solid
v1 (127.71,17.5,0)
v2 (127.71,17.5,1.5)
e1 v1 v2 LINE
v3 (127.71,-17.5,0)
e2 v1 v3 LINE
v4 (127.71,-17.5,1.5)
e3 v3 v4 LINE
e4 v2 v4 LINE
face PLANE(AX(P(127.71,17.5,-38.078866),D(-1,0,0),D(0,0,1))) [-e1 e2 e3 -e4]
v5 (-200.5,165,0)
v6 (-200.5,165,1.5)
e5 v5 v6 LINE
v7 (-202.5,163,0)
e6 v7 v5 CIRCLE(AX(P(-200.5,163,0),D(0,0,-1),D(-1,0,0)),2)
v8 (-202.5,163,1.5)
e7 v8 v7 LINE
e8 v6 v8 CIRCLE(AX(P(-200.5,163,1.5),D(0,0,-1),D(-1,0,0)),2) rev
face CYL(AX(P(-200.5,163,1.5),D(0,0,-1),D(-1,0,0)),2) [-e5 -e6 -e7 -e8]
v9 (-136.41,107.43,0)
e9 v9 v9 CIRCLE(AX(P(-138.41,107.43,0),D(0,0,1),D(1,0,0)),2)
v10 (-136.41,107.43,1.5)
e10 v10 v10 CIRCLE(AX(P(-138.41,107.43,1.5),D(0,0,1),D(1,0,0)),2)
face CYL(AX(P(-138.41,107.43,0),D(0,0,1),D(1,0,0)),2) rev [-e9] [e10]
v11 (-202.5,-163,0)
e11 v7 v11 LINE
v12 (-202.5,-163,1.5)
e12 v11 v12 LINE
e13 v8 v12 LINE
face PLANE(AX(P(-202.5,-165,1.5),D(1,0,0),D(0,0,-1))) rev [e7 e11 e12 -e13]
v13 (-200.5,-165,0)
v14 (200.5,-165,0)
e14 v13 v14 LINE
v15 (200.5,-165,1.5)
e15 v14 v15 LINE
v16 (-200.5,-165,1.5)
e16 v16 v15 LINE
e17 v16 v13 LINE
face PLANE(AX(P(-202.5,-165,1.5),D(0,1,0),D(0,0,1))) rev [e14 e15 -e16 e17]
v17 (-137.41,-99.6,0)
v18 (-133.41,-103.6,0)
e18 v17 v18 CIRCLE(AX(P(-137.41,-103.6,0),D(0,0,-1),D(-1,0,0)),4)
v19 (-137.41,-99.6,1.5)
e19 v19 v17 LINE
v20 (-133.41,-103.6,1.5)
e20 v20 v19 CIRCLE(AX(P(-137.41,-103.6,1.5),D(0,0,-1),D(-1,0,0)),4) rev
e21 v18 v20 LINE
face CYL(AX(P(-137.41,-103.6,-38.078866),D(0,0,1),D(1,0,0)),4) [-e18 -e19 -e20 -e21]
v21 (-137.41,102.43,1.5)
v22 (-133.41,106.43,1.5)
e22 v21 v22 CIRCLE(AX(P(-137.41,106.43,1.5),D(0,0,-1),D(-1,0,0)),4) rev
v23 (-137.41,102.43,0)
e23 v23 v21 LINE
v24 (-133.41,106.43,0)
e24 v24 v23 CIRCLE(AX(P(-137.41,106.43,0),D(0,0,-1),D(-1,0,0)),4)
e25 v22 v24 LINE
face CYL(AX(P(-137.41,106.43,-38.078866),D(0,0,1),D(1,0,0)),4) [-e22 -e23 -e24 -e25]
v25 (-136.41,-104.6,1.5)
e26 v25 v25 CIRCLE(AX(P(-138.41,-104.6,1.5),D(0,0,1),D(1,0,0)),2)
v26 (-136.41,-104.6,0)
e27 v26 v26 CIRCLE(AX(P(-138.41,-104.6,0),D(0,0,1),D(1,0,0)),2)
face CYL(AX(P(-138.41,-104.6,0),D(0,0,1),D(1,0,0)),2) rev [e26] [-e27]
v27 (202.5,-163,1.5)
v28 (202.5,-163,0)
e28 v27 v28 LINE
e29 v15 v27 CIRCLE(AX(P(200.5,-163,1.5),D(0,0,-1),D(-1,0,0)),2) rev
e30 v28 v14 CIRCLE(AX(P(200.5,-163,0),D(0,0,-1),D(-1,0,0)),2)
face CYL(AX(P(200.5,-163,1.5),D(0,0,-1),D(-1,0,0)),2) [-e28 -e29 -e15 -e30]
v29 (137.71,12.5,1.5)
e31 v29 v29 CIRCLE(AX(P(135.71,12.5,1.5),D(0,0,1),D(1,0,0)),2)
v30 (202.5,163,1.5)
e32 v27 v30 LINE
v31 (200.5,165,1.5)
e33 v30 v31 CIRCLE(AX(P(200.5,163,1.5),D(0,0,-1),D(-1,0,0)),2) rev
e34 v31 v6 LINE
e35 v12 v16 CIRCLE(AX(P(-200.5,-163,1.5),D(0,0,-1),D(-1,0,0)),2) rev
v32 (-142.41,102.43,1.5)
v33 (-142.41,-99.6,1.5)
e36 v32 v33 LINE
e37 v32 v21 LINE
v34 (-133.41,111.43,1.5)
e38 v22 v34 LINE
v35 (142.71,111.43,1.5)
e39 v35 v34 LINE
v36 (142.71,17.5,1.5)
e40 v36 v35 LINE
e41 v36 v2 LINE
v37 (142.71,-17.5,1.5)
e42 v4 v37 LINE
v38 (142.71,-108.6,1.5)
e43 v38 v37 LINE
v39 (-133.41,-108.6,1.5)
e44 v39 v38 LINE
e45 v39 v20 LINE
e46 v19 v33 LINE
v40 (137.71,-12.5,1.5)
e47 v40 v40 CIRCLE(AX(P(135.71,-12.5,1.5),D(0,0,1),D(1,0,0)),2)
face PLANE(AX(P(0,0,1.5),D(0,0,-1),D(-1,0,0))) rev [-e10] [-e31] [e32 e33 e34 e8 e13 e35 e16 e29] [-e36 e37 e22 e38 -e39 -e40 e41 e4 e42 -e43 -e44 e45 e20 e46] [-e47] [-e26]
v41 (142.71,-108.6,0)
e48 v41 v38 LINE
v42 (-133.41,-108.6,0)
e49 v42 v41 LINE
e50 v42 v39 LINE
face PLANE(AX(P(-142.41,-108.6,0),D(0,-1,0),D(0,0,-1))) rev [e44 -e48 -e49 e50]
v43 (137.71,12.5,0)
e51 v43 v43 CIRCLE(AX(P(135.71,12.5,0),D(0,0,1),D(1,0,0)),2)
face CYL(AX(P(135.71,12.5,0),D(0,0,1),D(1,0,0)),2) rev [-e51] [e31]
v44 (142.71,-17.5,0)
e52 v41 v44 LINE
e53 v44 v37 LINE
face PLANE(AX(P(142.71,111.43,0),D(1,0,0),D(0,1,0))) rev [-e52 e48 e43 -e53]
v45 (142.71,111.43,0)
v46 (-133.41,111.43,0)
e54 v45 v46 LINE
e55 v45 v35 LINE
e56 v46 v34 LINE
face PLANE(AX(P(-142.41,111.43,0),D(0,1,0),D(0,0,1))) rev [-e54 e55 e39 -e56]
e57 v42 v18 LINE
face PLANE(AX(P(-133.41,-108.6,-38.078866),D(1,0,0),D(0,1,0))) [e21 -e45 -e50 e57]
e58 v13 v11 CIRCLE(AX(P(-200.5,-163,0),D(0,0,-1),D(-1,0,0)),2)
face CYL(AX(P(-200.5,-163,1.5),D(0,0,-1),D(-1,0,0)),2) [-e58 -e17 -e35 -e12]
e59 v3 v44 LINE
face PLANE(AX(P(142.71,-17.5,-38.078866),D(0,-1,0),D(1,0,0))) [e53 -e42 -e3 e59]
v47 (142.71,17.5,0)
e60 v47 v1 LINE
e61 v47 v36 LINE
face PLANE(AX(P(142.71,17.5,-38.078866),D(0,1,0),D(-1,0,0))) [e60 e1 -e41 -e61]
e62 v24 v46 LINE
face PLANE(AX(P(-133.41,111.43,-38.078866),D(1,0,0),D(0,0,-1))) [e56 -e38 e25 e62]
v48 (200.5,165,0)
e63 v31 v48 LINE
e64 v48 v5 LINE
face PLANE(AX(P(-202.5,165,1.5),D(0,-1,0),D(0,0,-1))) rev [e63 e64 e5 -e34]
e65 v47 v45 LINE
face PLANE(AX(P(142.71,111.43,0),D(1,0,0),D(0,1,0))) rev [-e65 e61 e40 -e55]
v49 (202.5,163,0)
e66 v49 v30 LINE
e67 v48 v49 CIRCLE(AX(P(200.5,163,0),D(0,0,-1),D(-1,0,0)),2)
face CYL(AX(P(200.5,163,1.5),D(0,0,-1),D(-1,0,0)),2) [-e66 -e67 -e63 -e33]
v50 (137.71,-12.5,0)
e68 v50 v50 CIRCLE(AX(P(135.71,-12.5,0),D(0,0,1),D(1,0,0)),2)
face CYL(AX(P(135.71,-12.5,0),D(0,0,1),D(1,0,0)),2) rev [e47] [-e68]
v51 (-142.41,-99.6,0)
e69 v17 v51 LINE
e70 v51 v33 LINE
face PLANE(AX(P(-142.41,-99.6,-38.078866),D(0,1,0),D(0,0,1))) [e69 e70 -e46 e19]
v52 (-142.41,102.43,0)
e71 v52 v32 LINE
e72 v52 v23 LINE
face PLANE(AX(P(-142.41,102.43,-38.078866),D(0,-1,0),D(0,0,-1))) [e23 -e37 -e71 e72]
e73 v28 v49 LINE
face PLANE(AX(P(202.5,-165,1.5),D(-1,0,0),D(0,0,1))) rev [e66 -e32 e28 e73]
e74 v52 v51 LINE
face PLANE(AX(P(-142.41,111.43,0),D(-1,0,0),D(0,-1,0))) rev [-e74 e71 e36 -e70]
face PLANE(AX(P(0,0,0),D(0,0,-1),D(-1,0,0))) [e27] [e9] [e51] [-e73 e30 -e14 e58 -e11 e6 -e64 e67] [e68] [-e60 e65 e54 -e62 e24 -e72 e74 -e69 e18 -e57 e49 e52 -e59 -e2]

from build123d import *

# Parameters (mm, degrees)
SKETCH1_W           = 405
SKETCH1_H           = 330
BOSS_EXTRUDE1_DEPTH = 1.5
SKETCH2_W           = 285.12
SKETCH2_H           = 220.03
CUT_EXTRUDE1_DEPTH  = 2.5
SKETCH3_W           = 9
SKETCH3_H           = 9
SKETCH3_W_2         = 15
SKETCH3_H_2         = 35
BOSS_EXTRUDE2_DEPTH = 1.5
SKETCH4_R           = 2
CUT_EXTRUDE2_DEPTH  = 2.5
FILLET1_R           = 4
FILLET2_R           = 2


with BuildPart() as part:
    # Sketch1 → Boss-Extrude1 (new body)
    with BuildSketch(Plane.XY):
        Rectangle(SKETCH1_W, SKETCH1_H)
    extrude(amount=BOSS_EXTRUDE1_DEPTH)

    # Sketch2 → Cut-Extrude1 (cut, through all)
    with BuildSketch(Plane.XY.offset(1.5)):
        with Locations((0.15, 1.415)):
            Rectangle(SKETCH2_W, SKETCH2_H)
    extrude(amount=-CUT_EXTRUDE1_DEPTH, mode=Mode.SUBTRACT)

    # Sketch3 → Boss-Extrude2 (add)
    with BuildSketch(Plane.XY.offset(1.5)):
        with Locations((-137.91, 106.93)):
            Rectangle(SKETCH3_W, SKETCH3_H)
        with Locations((-137.91, -104.1)):
            Rectangle(SKETCH3_W, SKETCH3_H)
        with Locations((135.21, 0)):
            Rectangle(SKETCH3_W_2, SKETCH3_H_2)
    extrude(amount=-BOSS_EXTRUDE2_DEPTH)

    # Sketch4 → Cut-Extrude2 (cut, through all)
    with BuildSketch(Plane.XY.offset(1.5)):
        with Locations((-138.41, 107.43)):
            Circle(SKETCH4_R)
        with Locations((-138.41, -104.6)):
            Circle(SKETCH4_R)
        with Locations((135.71, 12.5)):
            Circle(SKETCH4_R)
        with Locations((135.71, -12.5)):
            Circle(SKETCH4_R)
    extrude(amount=-CUT_EXTRUDE2_DEPTH, mode=Mode.SUBTRACT)

    # Fillet1
    fillet1_edges = [part.edges().sort_by_distance(p)[0] for p in [
        (-133.41, 102.43, 0.75),
        (-133.41, -99.6, 0.75),
    ]]
    fillet(fillet1_edges, radius=FILLET1_R)

    # Fillet2
    fillet2_edges = [part.edges().sort_by_distance(p)[0] for p in [
        (202.5, -165, 0.75),
        (-202.5, -165, 0.75),
        (-202.5, 165, 0.75),
        (202.5, 165, 0.75),
    ]]
    fillet(fillet2_edges, radius=FILLET2_R)


solid = part.part
